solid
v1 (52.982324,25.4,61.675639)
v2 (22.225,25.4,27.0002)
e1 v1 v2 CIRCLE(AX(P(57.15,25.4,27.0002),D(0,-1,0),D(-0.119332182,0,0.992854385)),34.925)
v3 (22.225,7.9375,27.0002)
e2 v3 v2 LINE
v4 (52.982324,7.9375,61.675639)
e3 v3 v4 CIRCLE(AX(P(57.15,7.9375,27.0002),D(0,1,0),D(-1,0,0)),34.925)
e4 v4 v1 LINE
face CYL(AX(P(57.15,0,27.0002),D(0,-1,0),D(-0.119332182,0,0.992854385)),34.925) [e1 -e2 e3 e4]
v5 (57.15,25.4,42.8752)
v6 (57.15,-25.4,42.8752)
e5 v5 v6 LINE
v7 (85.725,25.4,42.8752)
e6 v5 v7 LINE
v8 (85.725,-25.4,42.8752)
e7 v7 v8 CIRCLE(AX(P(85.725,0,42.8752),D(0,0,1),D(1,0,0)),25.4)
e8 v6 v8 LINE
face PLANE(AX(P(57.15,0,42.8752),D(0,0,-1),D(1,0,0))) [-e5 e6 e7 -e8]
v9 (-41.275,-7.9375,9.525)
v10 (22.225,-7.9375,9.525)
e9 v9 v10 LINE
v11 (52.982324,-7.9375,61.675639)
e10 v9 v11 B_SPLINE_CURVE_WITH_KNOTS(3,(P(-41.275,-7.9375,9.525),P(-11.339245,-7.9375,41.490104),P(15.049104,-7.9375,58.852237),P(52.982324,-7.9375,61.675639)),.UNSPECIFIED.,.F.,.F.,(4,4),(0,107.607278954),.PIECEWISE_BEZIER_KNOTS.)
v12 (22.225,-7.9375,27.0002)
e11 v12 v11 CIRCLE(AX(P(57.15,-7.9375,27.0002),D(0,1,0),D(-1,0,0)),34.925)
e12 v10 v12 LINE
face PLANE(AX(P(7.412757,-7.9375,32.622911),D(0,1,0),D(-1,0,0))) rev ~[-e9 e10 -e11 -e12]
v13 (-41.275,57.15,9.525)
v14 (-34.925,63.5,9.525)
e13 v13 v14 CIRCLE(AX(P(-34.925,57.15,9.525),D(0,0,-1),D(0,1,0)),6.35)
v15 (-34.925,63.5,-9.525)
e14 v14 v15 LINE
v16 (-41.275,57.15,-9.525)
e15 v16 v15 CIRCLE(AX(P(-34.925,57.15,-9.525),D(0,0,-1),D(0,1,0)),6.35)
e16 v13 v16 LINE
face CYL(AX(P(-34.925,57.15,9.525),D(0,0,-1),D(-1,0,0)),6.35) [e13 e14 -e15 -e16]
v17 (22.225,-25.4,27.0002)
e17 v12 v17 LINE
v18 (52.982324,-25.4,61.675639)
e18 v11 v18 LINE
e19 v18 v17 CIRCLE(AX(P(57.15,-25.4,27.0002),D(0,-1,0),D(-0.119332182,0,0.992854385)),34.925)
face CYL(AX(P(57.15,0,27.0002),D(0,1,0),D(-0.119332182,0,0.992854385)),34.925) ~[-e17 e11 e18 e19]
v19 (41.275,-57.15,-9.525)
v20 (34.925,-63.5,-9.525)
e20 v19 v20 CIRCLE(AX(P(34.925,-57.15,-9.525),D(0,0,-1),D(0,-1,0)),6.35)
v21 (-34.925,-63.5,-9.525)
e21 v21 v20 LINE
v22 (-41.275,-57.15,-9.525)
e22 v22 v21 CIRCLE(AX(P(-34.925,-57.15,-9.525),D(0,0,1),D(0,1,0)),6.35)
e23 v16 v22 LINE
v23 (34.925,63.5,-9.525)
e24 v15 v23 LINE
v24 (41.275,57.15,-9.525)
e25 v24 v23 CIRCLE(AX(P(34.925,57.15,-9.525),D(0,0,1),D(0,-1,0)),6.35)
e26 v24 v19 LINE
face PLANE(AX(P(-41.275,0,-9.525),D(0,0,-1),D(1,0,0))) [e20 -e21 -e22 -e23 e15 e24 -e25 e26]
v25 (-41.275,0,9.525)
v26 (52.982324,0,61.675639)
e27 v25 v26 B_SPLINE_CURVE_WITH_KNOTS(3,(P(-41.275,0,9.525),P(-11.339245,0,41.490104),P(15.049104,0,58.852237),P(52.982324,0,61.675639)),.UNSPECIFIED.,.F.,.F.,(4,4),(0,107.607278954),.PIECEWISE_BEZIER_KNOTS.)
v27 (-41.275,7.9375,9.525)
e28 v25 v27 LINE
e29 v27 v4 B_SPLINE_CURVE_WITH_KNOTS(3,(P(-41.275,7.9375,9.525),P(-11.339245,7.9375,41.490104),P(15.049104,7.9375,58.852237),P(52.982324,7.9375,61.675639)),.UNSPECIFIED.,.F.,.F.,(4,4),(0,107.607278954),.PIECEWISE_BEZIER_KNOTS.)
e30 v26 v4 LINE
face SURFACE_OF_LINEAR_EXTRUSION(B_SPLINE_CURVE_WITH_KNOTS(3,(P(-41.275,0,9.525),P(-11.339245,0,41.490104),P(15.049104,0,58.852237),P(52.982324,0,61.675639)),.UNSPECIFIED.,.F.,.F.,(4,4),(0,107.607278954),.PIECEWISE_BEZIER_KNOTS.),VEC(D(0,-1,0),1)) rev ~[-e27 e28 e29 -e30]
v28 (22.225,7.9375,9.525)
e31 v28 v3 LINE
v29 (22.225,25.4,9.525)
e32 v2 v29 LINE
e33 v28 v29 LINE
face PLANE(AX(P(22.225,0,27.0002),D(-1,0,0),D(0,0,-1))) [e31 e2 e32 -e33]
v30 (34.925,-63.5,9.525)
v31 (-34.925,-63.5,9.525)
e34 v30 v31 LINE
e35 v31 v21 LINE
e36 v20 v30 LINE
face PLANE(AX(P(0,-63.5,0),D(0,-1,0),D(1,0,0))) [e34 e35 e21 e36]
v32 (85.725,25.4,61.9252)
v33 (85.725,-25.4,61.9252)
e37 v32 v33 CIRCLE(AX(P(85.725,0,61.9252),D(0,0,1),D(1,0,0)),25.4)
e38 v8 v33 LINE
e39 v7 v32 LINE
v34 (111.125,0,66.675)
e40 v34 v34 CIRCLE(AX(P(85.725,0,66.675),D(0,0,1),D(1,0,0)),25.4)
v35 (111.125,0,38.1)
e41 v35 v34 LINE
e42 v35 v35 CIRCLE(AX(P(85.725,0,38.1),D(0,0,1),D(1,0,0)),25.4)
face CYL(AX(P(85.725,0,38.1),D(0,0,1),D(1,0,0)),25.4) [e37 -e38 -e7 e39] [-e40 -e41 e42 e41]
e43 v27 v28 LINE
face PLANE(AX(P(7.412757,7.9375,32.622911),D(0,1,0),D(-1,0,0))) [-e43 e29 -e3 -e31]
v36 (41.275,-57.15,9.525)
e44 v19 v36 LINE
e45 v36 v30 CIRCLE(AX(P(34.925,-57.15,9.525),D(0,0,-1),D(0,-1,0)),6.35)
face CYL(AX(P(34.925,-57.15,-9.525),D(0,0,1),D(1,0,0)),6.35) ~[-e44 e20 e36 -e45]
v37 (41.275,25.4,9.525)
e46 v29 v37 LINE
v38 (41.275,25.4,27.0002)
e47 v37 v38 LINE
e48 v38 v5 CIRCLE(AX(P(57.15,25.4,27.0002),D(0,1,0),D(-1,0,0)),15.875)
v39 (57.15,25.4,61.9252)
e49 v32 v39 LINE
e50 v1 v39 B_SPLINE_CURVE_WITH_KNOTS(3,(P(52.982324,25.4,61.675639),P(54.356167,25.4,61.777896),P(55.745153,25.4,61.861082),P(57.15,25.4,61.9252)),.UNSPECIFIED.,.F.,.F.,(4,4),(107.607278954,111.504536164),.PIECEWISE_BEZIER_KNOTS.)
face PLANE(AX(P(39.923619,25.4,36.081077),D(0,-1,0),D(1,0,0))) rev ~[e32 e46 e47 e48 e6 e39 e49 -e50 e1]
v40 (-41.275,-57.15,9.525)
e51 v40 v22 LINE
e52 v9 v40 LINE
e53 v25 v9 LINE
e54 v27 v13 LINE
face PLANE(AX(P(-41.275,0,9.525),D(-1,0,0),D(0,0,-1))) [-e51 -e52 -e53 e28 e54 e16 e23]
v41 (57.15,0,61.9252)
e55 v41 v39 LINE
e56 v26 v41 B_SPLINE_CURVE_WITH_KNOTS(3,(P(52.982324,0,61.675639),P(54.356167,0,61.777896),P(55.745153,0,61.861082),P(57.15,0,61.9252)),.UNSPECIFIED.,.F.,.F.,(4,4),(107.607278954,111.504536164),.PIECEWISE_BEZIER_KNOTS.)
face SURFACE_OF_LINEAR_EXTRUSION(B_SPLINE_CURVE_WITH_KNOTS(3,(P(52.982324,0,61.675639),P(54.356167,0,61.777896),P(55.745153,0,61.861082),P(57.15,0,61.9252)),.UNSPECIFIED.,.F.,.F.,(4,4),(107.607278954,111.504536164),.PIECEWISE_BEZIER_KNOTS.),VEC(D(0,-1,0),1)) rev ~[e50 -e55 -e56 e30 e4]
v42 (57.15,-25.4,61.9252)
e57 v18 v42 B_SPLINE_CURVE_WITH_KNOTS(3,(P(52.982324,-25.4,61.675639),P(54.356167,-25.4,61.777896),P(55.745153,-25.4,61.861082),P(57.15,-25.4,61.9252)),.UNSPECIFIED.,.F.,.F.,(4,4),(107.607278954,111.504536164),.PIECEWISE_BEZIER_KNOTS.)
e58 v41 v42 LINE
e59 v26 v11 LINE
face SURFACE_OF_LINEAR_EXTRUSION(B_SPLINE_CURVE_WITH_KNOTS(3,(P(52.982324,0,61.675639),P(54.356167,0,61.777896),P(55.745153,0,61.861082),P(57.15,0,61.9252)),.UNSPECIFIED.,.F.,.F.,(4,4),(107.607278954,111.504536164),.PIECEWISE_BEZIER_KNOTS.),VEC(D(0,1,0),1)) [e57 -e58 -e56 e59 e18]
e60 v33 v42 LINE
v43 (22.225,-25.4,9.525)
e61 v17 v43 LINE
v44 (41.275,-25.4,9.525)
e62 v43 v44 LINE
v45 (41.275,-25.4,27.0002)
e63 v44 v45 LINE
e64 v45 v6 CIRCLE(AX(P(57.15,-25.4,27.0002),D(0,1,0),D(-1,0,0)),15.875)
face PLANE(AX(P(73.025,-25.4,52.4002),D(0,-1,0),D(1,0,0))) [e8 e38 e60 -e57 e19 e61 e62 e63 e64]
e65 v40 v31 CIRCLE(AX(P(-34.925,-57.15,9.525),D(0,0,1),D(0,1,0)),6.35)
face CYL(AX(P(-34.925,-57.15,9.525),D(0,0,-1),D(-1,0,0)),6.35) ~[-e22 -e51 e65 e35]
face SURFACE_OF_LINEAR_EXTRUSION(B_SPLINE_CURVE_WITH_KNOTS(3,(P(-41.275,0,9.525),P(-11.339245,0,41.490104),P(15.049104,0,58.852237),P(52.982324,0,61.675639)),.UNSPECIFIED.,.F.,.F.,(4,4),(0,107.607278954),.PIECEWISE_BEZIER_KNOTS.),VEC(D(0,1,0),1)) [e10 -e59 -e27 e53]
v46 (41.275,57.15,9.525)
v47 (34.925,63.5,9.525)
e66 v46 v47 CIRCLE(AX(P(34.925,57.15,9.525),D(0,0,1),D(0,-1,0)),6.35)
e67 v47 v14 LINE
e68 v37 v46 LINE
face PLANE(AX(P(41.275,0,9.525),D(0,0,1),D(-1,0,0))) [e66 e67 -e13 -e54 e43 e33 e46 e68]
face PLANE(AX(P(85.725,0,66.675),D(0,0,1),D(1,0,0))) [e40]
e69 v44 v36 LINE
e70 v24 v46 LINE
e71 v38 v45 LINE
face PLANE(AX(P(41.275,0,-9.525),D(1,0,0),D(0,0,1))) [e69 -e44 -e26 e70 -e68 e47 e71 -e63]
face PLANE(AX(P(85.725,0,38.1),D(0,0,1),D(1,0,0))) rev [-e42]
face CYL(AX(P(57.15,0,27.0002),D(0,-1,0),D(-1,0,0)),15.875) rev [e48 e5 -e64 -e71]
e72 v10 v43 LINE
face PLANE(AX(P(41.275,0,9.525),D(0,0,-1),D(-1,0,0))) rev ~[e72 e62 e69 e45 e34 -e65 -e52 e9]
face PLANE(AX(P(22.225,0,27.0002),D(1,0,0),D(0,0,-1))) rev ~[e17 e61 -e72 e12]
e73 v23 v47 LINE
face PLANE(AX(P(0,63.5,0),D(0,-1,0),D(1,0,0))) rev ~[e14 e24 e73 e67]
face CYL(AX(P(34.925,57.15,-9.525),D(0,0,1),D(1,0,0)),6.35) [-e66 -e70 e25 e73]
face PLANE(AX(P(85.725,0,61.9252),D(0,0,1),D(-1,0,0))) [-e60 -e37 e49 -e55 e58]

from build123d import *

# Parameters (mm, degrees)
F1_DEPTH = 63.5
F0_W     = 25.4
F0_H     = 19.05
F2_DEPTH = 25.4
F3_DEPTH = 7.9375
F4_DEPTH = 25.4
F5_DEPTH = 63.5
F7_R     = 6.35


with BuildPart() as f1:
    # F0 (on Front) → F1 (new body)
    with BuildSketch(Plane.XZ):
        Polygon((-41.275, 9.525), (-41.275, -9.525), (41.275, -9.525), (41.275, 9.525), (22.225, 9.525), align=None)
    extrude(amount=F1_DEPTH)

    # F0 (on Front) → F2 (join)
    with BuildSketch(Plane.XZ):
        with Locations((73.025, 52.4002)):
            Rectangle(F0_W, F0_H)
        with BuildLine():
            Line((22.225, 9.525), (41.275, 9.525))
            Line((41.275, 9.525), (41.275, 27.0002))
            ThreePointArc((41.275, 27.0002), (45.9246798487, 38.2255201513), (57.15, 42.8752))
            Line((57.15, 42.8752), (60.325, 42.8752))
            Line((60.325, 42.8752), (60.325, 61.9252))
            Line((60.325, 61.9252), (57.15, 61.9252))
            add(Edge.make_bspline(
                [(52.9823235554, 61.6756394068), (54.3561666256, 61.7778957216), (55.7451531138, 61.8610815688), (57.15, 61.9252)],
                knots=[107.6072789541, 107.6072789541, 107.6072789541, 107.6072789541, 111.5045361635, 111.5045361635, 111.5045361635, 111.5045361635], degree=3))
            ThreePointArc((52.9823235554, 61.6756394068), (31.0223161682, 50.1756128892), (22.225, 27.0002))
            Line((22.225, 27.0002), (22.225, 9.525))
        make_face()
    extrude(amount=F2_DEPTH)

    # F0 (on Front) → F3 (join, symmetric)
    with BuildSketch(Plane.XZ):
        with BuildLine():
            add(Edge.make_bspline(
                [(-41.275, 9.525), (-11.3392454838, 41.4901042483), (15.0491037151, 58.8522374069), (52.9823235554, 61.6756394068)],
                knots=[0, 0, 0, 0, 107.6072789541, 107.6072789541, 107.6072789541, 107.6072789541], degree=3))
            Line((-41.275, 9.525), (22.225, 9.525))
            Line((22.225, 9.525), (22.225, 27.0002))
            ThreePointArc((22.225, 27.0002), (31.0223161682, 50.1756128892), (52.9823235554, 61.6756394068))
        make_face()
    extrude(amount=F3_DEPTH, both=True)

    # F0 (on Front) → F4 (join, symmetric)
    with BuildSketch(Plane.XZ):
        with BuildLine():
            Line((22.225, 9.525), (41.275, 9.525))
            Line((41.275, 9.525), (41.275, 27.0002))
            ThreePointArc((41.275, 27.0002), (45.9246798487, 38.2255201513), (57.15, 42.8752))
            Line((57.15, 42.8752), (60.325, 42.8752))
            Line((60.325, 42.8752), (60.325, 61.9252))
            Line((60.325, 61.9252), (57.15, 61.9252))
            add(Edge.make_bspline(
                [(52.9823235554, 61.6756394068), (54.3561666256, 61.7778957216), (55.7451531138, 61.8610815688), (57.15, 61.9252)],
                knots=[107.6072789541, 107.6072789541, 107.6072789541, 107.6072789541, 111.5045361635, 111.5045361635, 111.5045361635, 111.5045361635], degree=3))
            ThreePointArc((52.9823235554, 61.6756394068), (31.0223161682, 50.1756128892), (22.225, 27.0002))
            Line((22.225, 27.0002), (22.225, 9.525))
        make_face()
        with Locations((73.025, 52.4002)):
            Rectangle(F0_W, F0_H)
    extrude(amount=F4_DEPTH, both=True)

    # F0 (on Front) → F5 (join)
    with BuildSketch(Plane.XZ):
        Polygon((-41.275, 9.525), (-41.275, -9.525), (41.275, -9.525), (41.275, 9.525), (22.225, 9.525), align=None)
    extrude(amount=-F5_DEPTH)

    # F0 (on Front) → F6 (revolve)
    with BuildSketch(Plane.XZ):
        Polygon((85.725, 66.675), (85.725, 61.9252), (85.725, 42.8752), (85.725, 38.1), (111.125, 38.1), (111.125, 66.675), align=None)
    revolve(axis=Axis((85.725, 0, 52.3875), (0, 0, 1)))

    # F7
    f7_edges = [f1.edges().sort_by_distance(p)[0] for p in [
        (-41.275, -63.5, 0),
        (41.275, -63.5, 0),
        (41.275, 63.5, 0),
        (-41.275, 63.5, 0),
    ]]
    fillet(f7_edges, radius=F7_R)


solid = f1.part
